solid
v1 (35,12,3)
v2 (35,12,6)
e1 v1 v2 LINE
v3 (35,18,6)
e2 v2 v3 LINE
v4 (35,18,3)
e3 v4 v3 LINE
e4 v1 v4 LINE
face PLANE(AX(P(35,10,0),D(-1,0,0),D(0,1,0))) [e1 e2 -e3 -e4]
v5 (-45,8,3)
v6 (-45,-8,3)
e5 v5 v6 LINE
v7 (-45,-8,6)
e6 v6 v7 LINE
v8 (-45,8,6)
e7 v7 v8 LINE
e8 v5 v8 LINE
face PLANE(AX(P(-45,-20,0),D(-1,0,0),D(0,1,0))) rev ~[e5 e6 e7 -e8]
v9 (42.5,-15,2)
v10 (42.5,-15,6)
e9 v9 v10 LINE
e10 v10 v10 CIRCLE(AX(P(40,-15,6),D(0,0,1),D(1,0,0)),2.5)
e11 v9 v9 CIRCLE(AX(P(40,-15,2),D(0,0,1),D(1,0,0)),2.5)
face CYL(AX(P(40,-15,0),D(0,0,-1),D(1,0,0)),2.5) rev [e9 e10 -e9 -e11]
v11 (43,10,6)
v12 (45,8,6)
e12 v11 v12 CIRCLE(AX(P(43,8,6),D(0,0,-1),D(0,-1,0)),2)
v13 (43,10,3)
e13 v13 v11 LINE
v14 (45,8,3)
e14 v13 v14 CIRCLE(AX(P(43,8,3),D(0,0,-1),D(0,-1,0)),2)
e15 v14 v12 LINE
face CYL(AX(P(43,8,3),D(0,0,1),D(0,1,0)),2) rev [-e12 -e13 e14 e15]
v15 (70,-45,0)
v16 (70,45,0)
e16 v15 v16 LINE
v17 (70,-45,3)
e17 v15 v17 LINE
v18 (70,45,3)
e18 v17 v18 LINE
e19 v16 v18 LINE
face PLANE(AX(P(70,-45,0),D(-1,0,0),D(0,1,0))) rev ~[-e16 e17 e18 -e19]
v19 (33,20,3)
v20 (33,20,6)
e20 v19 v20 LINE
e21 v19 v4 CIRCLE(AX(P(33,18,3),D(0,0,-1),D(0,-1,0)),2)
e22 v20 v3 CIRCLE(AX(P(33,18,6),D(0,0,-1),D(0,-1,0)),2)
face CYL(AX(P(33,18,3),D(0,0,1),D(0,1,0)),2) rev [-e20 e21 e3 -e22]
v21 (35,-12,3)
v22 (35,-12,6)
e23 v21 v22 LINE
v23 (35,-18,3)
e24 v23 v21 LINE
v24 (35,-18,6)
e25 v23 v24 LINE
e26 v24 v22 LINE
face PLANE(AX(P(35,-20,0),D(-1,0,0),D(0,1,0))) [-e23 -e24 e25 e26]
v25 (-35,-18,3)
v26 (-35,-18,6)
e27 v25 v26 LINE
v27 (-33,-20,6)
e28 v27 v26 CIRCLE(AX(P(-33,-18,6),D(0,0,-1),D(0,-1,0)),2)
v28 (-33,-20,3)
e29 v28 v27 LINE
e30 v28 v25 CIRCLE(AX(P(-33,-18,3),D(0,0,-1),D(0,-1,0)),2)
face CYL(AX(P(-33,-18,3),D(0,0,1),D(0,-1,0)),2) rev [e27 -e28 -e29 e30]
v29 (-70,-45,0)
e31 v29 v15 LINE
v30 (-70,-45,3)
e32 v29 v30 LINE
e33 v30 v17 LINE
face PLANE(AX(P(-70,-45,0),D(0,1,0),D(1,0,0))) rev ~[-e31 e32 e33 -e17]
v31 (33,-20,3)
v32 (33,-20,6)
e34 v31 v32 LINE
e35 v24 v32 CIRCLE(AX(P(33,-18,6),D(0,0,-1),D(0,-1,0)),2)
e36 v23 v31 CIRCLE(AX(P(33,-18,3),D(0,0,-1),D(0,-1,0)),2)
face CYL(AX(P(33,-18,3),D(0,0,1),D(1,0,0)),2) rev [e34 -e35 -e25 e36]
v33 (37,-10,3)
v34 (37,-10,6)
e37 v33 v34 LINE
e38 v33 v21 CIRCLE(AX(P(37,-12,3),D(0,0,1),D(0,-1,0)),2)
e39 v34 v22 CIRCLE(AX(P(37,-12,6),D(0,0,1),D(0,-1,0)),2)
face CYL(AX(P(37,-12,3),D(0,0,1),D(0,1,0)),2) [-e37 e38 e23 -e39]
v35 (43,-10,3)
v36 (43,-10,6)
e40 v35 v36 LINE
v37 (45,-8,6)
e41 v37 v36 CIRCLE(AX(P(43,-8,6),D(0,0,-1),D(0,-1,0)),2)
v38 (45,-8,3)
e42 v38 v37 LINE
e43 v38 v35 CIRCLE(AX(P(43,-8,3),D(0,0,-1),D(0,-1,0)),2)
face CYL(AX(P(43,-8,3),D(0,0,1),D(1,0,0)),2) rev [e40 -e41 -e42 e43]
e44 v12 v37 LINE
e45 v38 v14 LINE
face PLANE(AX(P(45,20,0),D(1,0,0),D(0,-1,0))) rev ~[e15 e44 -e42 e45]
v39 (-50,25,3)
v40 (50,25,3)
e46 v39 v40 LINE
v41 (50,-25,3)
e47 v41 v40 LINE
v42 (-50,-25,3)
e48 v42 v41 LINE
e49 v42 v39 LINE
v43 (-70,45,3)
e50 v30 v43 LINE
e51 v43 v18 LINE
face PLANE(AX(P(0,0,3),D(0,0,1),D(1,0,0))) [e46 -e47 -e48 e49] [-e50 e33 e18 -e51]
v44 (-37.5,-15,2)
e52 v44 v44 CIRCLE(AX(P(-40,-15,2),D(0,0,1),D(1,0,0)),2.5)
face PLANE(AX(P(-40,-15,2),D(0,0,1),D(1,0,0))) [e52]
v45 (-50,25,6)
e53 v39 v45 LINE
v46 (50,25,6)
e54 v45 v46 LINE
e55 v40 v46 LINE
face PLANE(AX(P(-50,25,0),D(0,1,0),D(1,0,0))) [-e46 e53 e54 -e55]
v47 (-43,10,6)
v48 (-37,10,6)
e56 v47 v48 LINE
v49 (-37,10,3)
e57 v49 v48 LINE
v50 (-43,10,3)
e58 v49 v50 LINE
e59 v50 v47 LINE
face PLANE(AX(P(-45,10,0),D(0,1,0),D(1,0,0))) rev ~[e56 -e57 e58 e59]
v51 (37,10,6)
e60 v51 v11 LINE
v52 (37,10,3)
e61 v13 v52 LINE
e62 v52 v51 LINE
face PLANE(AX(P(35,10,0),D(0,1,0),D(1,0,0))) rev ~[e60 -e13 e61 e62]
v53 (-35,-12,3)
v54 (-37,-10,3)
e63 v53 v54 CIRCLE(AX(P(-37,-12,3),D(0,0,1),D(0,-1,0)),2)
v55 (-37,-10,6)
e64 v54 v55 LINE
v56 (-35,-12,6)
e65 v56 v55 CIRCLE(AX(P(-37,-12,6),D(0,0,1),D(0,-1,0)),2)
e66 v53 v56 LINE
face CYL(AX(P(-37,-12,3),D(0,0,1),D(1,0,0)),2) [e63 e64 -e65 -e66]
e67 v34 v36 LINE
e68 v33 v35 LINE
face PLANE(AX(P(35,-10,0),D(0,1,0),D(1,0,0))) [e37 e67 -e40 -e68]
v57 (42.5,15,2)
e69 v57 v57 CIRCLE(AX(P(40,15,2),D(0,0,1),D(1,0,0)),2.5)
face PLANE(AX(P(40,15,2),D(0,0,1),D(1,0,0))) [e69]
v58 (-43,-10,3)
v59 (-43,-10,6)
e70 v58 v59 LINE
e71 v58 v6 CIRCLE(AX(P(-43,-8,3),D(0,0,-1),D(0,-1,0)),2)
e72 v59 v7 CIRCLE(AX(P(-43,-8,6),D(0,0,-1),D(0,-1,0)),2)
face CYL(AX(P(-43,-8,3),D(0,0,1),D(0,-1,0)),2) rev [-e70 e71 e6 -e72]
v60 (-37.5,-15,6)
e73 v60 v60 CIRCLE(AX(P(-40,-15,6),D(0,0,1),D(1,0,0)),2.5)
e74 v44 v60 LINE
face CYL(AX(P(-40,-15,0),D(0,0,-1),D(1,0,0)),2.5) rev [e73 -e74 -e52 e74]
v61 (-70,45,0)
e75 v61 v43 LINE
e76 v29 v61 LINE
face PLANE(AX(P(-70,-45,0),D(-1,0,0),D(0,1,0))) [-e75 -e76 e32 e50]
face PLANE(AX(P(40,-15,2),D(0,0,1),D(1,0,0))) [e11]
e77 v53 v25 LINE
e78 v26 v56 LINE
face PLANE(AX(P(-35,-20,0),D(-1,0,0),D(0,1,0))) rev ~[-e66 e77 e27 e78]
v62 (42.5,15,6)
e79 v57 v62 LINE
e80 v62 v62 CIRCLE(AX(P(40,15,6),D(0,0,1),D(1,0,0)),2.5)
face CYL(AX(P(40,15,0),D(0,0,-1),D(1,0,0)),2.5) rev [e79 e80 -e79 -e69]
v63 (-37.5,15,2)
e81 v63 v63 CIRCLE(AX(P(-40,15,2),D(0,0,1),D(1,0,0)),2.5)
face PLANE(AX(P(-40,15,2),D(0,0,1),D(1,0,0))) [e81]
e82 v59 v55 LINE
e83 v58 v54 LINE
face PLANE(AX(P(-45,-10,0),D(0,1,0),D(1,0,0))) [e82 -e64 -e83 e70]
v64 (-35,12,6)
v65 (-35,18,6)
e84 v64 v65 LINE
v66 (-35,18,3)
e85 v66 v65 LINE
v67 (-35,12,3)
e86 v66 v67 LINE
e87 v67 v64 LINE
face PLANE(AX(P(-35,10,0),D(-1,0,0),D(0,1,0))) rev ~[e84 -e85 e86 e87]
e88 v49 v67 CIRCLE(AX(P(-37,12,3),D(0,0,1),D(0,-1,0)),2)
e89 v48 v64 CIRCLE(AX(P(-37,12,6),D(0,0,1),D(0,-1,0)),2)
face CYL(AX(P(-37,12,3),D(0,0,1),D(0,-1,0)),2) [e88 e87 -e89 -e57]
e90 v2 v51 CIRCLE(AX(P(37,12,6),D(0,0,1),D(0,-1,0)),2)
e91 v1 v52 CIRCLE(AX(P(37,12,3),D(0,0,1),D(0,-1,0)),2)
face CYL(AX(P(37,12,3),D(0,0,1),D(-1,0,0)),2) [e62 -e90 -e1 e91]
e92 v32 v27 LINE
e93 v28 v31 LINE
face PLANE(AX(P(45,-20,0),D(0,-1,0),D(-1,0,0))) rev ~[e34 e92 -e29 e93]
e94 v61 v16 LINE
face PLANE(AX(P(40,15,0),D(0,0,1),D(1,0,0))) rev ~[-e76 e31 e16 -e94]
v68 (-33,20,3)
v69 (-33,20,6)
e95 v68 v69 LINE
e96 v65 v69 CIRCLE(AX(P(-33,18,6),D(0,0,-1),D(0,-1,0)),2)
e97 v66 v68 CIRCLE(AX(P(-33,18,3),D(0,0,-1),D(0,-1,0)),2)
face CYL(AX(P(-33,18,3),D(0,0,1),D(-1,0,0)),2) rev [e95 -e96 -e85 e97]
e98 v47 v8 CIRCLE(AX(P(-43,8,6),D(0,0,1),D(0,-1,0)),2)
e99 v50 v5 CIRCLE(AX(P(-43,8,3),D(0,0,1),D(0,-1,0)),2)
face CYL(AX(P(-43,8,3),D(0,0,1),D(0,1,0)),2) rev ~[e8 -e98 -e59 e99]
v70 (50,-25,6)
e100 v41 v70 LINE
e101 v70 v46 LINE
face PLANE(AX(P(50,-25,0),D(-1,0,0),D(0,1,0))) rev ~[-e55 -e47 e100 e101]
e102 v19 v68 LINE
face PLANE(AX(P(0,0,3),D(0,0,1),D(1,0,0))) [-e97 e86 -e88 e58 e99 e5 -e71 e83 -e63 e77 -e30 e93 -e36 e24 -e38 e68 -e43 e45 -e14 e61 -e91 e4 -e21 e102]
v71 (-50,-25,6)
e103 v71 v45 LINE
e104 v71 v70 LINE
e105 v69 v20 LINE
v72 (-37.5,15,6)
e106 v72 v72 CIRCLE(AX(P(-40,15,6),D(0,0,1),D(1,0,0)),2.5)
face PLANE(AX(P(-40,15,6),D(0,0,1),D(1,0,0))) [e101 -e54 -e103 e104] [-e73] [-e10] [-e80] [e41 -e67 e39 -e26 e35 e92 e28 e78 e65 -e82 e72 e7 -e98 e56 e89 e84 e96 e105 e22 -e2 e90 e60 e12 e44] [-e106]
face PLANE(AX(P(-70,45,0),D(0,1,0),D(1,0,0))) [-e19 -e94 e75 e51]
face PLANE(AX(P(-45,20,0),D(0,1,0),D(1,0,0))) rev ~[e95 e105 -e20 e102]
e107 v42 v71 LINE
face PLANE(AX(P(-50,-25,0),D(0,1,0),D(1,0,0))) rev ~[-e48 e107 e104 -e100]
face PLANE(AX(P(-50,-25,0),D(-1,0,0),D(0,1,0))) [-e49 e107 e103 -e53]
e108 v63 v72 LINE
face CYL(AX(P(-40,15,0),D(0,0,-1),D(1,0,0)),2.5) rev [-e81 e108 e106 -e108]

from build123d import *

# Parameters (mm, degrees)
F0_W     = 100
F0_H     = 50
F1_DEPTH = 6
F0_W_2   = 140
F0_H_2   = 90
F2_DEPTH = 3
F3_DEPTH = 3
F0_W_3   = 10
F0_H_3   = 10
F0_R     = 2.5
F4_DEPTH = 6
F5_DEPTH = 2
F6_R     = 2


with BuildPart() as f1:
    # F0 (on Top) → F1 (new body)
    with BuildSketch(Plane.XY):
        Rectangle(F0_W, F0_H)
        Polygon((-45, 10), (-45, 20), (-35, 20), (35, 20), (45, 20), (45, 10), (45, -10), (45, -20), (35, -20), (-35, -20), (-45, -20), (-45, -10), align=None, mode=Mode.SUBTRACT)
    extrude(amount=F1_DEPTH)

    # F0 (on Top) → F2 (join)
    with BuildSketch(Plane.XY):
        Rectangle(F0_W_2, F0_H_2)
        Rectangle(F0_W, F0_H, mode=Mode.SUBTRACT)
    extrude(amount=F2_DEPTH)

    # F0 (on Top) → F3 (join)
    with BuildSketch(Plane.XY):
        Rectangle(F0_W_2, F0_H_2)
        Rectangle(F0_W, F0_H, mode=Mode.SUBTRACT)
        Polygon((35, 20), (-35, 20), (-35, 10), (-45, 10), (-45, -10), (-35, -10), (-35, -20), (35, -20), (35, -10), (45, -10), (45, 10), (35, 10), align=None)
    extrude(amount=F3_DEPTH)

    # F0 (on Top) → F4 (join)
    with BuildSketch(Plane.XY):
        with Locations((-40, 15)):
            Rectangle(F0_W_3, F0_H_3)
        with Locations((-40, 15)):
            Circle(F0_R, mode=Mode.SUBTRACT)
        with Locations((40, 15)):
            Rectangle(F0_W_3, F0_H_3)
        with Locations((40, 15)):
            Circle(F0_R, mode=Mode.SUBTRACT)
        with Locations((40, -15)):
            Rectangle(F0_W_3, F0_H_3)
        with Locations((40, -15)):
            Circle(F0_R, mode=Mode.SUBTRACT)
        with Locations((-40, -15)):
            Rectangle(F0_W_3, F0_H_3)
        with Locations((-40, -15)):
            Circle(F0_R, mode=Mode.SUBTRACT)
    extrude(amount=F4_DEPTH)

    # F0 (on Top) → F5 (join)
    with BuildSketch(Plane.XY):
        with Locations((40, 15)):
            Circle(F0_R)
        with Locations((-40, 15)):
            Circle(F0_R)
        with Locations((40, -15)):
            Circle(F0_R)
        with Locations((-40, -15)):
            Circle(F0_R)
    extrude(amount=F5_DEPTH)

    # F6
    f6_edges = [f1.edges().sort_by_distance(p)[0] for p in [
        (-35, 10, 4.5),
        (35, 10, 4.5),
        (35, 20, 4.5),
        (45, 10, 4.5),
        (-35, 20, 4.5),
        (-45, 10, 4.5),
        (45, -10, 4.5),
        (35, -10, 4.5),
        (35, -20, 4.5),
        (-45, -10, 4.5),
        (-35, -10, 4.5),
        (-35, -20, 4.5),
    ]]
    fillet(f6_edges, radius=F6_R)


solid = f1.part
